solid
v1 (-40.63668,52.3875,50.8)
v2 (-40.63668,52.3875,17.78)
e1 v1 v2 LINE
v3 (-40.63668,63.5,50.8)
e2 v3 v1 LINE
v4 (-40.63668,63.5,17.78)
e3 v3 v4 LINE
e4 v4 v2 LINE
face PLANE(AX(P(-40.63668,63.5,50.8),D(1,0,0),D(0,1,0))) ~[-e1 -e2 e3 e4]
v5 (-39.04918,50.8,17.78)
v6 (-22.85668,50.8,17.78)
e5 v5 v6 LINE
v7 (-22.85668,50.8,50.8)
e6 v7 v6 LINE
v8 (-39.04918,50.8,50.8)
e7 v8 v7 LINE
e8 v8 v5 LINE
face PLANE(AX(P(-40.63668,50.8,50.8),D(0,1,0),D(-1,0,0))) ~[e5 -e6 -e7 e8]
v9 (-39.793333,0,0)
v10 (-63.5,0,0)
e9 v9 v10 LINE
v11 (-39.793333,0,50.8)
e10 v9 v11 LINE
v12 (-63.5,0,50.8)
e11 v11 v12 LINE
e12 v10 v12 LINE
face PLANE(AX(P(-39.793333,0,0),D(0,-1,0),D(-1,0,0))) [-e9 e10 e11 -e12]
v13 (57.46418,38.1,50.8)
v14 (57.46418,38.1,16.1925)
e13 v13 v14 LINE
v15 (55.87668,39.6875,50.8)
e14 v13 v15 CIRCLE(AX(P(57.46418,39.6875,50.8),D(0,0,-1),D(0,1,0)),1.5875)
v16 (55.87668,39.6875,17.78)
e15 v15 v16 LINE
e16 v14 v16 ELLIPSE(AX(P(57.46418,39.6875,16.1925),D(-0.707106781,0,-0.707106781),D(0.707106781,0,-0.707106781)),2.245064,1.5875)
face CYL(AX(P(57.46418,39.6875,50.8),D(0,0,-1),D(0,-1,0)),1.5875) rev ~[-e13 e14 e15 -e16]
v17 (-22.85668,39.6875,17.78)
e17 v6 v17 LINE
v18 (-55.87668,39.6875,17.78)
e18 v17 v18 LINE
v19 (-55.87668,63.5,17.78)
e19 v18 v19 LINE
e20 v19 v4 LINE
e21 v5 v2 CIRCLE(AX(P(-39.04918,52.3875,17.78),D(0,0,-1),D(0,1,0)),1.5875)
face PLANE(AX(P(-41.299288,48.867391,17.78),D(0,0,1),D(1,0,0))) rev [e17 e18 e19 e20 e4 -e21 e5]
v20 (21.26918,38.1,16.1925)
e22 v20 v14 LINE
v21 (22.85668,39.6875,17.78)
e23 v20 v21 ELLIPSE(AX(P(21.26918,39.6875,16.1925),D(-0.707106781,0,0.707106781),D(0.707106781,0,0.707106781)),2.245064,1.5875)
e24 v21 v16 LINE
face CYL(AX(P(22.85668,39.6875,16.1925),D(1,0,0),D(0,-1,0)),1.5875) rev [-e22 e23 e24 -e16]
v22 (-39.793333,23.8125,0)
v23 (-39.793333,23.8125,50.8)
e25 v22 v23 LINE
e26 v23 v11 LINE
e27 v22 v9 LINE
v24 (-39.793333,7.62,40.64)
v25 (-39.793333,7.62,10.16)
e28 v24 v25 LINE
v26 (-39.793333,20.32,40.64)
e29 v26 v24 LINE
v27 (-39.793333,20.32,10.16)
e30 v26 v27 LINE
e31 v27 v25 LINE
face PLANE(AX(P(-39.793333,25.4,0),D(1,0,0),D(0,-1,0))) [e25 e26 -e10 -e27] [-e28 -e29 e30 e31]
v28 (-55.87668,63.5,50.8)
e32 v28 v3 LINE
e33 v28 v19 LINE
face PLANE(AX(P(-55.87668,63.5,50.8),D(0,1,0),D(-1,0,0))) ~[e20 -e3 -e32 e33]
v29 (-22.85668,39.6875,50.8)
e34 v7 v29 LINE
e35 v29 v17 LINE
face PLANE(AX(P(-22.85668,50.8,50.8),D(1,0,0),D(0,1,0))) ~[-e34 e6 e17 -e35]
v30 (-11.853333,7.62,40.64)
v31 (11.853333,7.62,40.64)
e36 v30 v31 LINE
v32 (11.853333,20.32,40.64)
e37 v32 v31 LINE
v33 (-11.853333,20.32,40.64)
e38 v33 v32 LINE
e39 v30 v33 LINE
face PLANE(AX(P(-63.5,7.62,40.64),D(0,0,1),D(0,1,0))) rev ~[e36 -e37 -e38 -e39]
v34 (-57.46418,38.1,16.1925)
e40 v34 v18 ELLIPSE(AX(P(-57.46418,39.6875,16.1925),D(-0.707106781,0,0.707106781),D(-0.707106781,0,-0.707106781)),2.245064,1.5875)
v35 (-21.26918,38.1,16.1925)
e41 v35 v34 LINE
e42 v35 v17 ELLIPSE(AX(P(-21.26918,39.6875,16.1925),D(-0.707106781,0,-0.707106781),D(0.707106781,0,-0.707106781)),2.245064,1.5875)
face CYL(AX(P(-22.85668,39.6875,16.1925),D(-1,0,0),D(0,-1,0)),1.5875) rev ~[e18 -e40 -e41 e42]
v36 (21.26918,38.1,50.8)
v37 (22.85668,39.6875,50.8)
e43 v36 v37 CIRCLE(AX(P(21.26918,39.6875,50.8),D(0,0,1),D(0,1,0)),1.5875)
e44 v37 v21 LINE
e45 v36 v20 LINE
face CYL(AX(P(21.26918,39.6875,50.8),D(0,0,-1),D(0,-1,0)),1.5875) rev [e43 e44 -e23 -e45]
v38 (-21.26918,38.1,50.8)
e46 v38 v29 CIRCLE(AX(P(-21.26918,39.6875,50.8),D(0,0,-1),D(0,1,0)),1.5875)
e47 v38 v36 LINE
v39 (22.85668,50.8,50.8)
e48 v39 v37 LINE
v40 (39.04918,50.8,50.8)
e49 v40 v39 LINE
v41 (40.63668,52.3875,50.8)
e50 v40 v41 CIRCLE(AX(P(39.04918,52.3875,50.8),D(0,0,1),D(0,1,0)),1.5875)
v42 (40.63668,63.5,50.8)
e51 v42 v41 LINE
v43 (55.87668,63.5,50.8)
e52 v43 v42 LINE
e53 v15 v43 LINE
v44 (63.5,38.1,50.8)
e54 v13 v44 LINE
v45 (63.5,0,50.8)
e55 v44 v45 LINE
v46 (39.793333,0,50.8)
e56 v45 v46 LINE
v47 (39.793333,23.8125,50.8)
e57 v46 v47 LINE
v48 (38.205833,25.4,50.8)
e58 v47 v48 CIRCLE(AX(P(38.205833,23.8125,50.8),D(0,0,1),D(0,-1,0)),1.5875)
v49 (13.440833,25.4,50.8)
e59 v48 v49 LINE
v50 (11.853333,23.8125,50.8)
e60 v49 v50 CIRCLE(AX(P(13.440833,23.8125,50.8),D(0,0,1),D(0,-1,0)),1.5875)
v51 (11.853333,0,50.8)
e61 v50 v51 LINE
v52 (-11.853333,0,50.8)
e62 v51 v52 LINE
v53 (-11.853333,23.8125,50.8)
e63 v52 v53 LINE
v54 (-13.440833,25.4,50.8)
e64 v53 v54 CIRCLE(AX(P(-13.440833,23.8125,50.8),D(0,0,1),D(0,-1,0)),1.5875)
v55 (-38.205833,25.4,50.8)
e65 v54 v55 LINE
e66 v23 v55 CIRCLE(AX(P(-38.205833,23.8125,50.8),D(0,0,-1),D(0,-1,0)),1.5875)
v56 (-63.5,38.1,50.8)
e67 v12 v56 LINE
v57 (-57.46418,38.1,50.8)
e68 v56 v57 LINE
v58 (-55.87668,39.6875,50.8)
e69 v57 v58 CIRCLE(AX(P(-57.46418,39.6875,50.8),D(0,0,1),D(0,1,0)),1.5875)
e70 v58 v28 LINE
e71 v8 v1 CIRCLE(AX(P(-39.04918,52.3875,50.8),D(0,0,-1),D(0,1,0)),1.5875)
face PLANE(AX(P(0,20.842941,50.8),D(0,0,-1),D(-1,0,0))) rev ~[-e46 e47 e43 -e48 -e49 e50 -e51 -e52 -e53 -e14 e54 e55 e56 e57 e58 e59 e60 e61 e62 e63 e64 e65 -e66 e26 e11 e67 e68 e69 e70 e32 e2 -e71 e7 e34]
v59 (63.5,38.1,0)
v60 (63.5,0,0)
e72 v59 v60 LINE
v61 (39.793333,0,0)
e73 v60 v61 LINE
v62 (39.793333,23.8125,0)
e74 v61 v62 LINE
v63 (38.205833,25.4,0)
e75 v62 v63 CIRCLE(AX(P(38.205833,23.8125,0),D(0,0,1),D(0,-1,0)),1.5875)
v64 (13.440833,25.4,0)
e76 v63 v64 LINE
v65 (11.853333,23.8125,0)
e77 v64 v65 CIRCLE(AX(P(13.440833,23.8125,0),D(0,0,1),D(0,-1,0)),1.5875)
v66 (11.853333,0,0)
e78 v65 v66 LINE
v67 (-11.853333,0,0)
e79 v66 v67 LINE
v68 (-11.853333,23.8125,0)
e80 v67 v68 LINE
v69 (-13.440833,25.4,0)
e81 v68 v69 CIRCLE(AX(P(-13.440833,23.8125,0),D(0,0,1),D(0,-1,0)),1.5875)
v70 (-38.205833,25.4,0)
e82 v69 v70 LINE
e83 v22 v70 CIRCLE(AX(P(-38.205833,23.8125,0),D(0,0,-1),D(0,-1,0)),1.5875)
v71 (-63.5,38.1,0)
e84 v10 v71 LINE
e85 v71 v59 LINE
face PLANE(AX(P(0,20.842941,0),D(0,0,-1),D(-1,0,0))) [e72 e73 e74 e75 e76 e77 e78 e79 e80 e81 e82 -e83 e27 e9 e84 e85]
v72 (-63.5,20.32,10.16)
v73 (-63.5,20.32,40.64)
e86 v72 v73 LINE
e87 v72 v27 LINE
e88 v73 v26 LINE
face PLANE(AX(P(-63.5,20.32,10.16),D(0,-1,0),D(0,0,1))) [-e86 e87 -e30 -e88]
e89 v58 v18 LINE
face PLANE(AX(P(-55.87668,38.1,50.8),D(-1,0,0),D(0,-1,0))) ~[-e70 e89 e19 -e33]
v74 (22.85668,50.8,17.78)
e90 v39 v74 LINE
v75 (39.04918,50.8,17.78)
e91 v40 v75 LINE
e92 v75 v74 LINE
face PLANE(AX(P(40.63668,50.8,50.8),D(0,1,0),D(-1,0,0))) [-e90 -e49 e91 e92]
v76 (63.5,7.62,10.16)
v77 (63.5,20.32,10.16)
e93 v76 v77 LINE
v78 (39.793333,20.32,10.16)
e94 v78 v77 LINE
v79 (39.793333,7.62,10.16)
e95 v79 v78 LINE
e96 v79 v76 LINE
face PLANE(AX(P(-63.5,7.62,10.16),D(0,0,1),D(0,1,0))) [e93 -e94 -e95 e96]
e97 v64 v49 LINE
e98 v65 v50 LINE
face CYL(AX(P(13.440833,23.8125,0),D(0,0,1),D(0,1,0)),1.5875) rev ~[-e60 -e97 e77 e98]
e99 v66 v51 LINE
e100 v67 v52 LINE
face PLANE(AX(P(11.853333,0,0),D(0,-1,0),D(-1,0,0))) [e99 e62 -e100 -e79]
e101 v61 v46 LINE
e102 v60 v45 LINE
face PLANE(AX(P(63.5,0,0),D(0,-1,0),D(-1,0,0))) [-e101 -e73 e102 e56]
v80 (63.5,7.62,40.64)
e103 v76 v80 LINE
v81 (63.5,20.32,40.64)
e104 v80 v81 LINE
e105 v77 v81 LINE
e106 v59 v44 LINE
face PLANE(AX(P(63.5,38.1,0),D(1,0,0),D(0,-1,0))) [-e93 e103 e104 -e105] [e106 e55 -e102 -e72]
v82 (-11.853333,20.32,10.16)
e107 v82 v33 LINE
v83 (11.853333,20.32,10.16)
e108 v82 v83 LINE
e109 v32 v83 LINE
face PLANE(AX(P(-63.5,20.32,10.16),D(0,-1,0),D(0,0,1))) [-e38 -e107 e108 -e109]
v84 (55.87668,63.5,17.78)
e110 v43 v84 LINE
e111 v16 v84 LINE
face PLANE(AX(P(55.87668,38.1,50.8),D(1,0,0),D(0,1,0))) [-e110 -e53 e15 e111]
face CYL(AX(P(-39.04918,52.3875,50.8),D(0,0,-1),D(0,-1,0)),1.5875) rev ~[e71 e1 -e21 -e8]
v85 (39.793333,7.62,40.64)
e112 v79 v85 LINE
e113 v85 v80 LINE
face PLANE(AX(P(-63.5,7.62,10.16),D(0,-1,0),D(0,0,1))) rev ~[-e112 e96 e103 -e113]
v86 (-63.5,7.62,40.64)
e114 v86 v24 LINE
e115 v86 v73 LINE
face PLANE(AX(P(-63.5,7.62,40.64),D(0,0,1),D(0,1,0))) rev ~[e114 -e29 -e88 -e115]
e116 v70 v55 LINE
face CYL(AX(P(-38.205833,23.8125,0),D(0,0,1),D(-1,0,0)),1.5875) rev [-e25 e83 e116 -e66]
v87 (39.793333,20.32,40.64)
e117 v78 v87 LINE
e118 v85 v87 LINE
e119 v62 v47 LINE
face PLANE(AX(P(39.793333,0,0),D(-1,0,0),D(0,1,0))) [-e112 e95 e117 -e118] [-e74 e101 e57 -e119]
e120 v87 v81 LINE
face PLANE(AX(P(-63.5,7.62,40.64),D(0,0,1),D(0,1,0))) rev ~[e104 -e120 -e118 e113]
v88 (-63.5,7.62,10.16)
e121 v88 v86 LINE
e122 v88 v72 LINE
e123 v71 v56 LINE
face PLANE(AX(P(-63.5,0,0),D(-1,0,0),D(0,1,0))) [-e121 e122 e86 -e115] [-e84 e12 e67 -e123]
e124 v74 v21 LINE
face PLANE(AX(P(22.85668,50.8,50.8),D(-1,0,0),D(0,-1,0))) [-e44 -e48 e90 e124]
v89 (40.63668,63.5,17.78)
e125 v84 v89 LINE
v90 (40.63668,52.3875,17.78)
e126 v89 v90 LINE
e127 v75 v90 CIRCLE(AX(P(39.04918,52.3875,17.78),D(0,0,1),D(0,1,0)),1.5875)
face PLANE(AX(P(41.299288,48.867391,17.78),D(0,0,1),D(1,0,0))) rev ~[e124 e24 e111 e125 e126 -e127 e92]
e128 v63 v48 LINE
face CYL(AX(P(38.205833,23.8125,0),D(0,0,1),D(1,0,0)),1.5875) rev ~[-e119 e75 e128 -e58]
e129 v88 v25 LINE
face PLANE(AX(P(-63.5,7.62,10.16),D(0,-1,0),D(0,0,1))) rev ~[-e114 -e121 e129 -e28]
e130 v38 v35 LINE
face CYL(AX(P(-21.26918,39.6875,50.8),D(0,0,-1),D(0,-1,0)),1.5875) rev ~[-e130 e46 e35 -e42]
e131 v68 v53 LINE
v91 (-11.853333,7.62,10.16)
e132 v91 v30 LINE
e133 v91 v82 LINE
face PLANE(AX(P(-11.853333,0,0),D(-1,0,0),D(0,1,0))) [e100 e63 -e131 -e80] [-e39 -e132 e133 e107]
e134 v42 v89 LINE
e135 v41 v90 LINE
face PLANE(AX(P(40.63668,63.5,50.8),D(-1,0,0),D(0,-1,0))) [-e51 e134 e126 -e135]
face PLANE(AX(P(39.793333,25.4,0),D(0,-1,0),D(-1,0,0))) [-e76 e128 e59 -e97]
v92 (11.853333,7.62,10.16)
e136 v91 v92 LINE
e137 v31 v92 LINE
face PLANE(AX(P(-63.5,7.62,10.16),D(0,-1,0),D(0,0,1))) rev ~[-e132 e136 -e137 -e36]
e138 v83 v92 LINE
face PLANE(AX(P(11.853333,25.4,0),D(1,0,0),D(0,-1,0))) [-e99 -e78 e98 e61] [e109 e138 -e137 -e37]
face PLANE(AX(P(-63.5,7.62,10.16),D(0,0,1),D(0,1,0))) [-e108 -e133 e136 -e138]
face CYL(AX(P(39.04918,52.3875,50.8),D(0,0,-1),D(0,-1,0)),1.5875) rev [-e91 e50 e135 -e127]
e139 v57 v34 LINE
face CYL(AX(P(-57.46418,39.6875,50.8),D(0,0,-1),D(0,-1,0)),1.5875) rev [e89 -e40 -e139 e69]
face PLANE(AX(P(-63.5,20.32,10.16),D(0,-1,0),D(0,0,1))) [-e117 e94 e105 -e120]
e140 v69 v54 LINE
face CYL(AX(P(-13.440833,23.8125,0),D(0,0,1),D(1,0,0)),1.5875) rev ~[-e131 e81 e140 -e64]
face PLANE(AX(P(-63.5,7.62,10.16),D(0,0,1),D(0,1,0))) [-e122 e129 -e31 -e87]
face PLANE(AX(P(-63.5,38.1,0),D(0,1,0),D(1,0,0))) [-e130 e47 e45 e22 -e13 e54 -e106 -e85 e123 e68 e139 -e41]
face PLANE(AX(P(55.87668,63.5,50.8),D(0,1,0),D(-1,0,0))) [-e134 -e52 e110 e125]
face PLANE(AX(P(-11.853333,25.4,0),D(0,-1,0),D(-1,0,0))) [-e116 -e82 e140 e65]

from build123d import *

# Parameters (mm, degrees)
BOSS_EXTRUDE1_DEPTH = 50.8
BOSS_EXTRUDE2_DEPTH = 33.02
FILLET2_R           = 1.5875
CUT_EXTRUDE1_REACH  = 152.804
SKETCH3_W           = 30.48
SKETCH3_H           = 12.7


with BuildPart() as part:
    # Sketch1 → Boss-Extrude1 (new body)
    with BuildSketch(Plane.XY):
        Polygon((-63.5, 0), (-63.5, 38.1), (63.5, 38.1), (63.5, 0), (39.793333333, 0), (39.793333333, 25.4), (11.853333333, 25.4), (11.853333333, 0), (-11.853333333, 0), (-11.853333333, 25.4), (-39.793333333, 25.4), (-39.793333333, 0), align=None)
    extrude(amount=BOSS_EXTRUDE1_DEPTH)

    # Sketch2 → Boss-Extrude2 (add)
    with BuildSketch(Plane.XY.offset(50.8)):
        Polygon((55.876679783, 38.1), (55.876679783, 63.5), (40.636679783, 63.5), (40.636679783, 50.8), (22.856679783, 50.8), (22.856679783, 38.1), align=None)
    boss_extrude2 = extrude(amount=-BOSS_EXTRUDE2_DEPTH)

    # Mirror1: Boss-Extrude2 across plane
    add(boss_extrude2.mirror(Plane(origin=(0, 0, 0), x_dir=(0, 0, 1), z_dir=(1, 0, 0))))

    # Fillet2
    fillet2_edges = [part.edges().sort_by_distance(p)[0] for p in [
        (39.793333333, 25.4, 25.4),
        (11.853333333, 25.4, 25.4),
        (-11.853333333, 25.4, 25.4),
        (-39.793333333, 25.4, 25.4),
        (39.366679783, 38.1, 17.78),
        (55.876679783, 38.1, 34.29),
        (22.856679783, 38.1, 34.29),
        (40.636679783, 50.8, 34.29),
        (-22.856679783, 38.1, 34.29),
        (-55.876679783, 38.1, 34.29),
        (-40.636679783, 50.8, 34.29),
        (-39.366679783, 38.1, 17.78),
    ]]
    fillet(fillet2_edges, radius=FILLET2_R)

    # Cut-Extrude1: up to this face of the body (flat: up to its plane)
    cut_extrude1_end = Plane(part.part.faces().sort_by_distance((63.5, 19.05, 25.4))[0])
    # Sketch3 → Cut-Extrude1 (cut, up to the picked face)
    with BuildSketch(Plane.ZY.offset(63.5), mode=Mode.PRIVATE) as cut_extrude1_sk1:
        with Locations((25.4, 13.97)):
            Rectangle(SKETCH3_W, SKETCH3_H)
    cut_extrude1_tool1 = split(extrude(cut_extrude1_sk1.sketch, amount=-CUT_EXTRUDE1_REACH, mode=Mode.PRIVATE), bisect_by=cut_extrude1_end, keep=Keep.BOTH, mode=Mode.PRIVATE)
    add(cut_extrude1_tool1.solids().sort_by(Axis((-63.5, 13.97, 25.4), (1, 0, 0)))[0], mode=Mode.SUBTRACT)


solid = part.part
